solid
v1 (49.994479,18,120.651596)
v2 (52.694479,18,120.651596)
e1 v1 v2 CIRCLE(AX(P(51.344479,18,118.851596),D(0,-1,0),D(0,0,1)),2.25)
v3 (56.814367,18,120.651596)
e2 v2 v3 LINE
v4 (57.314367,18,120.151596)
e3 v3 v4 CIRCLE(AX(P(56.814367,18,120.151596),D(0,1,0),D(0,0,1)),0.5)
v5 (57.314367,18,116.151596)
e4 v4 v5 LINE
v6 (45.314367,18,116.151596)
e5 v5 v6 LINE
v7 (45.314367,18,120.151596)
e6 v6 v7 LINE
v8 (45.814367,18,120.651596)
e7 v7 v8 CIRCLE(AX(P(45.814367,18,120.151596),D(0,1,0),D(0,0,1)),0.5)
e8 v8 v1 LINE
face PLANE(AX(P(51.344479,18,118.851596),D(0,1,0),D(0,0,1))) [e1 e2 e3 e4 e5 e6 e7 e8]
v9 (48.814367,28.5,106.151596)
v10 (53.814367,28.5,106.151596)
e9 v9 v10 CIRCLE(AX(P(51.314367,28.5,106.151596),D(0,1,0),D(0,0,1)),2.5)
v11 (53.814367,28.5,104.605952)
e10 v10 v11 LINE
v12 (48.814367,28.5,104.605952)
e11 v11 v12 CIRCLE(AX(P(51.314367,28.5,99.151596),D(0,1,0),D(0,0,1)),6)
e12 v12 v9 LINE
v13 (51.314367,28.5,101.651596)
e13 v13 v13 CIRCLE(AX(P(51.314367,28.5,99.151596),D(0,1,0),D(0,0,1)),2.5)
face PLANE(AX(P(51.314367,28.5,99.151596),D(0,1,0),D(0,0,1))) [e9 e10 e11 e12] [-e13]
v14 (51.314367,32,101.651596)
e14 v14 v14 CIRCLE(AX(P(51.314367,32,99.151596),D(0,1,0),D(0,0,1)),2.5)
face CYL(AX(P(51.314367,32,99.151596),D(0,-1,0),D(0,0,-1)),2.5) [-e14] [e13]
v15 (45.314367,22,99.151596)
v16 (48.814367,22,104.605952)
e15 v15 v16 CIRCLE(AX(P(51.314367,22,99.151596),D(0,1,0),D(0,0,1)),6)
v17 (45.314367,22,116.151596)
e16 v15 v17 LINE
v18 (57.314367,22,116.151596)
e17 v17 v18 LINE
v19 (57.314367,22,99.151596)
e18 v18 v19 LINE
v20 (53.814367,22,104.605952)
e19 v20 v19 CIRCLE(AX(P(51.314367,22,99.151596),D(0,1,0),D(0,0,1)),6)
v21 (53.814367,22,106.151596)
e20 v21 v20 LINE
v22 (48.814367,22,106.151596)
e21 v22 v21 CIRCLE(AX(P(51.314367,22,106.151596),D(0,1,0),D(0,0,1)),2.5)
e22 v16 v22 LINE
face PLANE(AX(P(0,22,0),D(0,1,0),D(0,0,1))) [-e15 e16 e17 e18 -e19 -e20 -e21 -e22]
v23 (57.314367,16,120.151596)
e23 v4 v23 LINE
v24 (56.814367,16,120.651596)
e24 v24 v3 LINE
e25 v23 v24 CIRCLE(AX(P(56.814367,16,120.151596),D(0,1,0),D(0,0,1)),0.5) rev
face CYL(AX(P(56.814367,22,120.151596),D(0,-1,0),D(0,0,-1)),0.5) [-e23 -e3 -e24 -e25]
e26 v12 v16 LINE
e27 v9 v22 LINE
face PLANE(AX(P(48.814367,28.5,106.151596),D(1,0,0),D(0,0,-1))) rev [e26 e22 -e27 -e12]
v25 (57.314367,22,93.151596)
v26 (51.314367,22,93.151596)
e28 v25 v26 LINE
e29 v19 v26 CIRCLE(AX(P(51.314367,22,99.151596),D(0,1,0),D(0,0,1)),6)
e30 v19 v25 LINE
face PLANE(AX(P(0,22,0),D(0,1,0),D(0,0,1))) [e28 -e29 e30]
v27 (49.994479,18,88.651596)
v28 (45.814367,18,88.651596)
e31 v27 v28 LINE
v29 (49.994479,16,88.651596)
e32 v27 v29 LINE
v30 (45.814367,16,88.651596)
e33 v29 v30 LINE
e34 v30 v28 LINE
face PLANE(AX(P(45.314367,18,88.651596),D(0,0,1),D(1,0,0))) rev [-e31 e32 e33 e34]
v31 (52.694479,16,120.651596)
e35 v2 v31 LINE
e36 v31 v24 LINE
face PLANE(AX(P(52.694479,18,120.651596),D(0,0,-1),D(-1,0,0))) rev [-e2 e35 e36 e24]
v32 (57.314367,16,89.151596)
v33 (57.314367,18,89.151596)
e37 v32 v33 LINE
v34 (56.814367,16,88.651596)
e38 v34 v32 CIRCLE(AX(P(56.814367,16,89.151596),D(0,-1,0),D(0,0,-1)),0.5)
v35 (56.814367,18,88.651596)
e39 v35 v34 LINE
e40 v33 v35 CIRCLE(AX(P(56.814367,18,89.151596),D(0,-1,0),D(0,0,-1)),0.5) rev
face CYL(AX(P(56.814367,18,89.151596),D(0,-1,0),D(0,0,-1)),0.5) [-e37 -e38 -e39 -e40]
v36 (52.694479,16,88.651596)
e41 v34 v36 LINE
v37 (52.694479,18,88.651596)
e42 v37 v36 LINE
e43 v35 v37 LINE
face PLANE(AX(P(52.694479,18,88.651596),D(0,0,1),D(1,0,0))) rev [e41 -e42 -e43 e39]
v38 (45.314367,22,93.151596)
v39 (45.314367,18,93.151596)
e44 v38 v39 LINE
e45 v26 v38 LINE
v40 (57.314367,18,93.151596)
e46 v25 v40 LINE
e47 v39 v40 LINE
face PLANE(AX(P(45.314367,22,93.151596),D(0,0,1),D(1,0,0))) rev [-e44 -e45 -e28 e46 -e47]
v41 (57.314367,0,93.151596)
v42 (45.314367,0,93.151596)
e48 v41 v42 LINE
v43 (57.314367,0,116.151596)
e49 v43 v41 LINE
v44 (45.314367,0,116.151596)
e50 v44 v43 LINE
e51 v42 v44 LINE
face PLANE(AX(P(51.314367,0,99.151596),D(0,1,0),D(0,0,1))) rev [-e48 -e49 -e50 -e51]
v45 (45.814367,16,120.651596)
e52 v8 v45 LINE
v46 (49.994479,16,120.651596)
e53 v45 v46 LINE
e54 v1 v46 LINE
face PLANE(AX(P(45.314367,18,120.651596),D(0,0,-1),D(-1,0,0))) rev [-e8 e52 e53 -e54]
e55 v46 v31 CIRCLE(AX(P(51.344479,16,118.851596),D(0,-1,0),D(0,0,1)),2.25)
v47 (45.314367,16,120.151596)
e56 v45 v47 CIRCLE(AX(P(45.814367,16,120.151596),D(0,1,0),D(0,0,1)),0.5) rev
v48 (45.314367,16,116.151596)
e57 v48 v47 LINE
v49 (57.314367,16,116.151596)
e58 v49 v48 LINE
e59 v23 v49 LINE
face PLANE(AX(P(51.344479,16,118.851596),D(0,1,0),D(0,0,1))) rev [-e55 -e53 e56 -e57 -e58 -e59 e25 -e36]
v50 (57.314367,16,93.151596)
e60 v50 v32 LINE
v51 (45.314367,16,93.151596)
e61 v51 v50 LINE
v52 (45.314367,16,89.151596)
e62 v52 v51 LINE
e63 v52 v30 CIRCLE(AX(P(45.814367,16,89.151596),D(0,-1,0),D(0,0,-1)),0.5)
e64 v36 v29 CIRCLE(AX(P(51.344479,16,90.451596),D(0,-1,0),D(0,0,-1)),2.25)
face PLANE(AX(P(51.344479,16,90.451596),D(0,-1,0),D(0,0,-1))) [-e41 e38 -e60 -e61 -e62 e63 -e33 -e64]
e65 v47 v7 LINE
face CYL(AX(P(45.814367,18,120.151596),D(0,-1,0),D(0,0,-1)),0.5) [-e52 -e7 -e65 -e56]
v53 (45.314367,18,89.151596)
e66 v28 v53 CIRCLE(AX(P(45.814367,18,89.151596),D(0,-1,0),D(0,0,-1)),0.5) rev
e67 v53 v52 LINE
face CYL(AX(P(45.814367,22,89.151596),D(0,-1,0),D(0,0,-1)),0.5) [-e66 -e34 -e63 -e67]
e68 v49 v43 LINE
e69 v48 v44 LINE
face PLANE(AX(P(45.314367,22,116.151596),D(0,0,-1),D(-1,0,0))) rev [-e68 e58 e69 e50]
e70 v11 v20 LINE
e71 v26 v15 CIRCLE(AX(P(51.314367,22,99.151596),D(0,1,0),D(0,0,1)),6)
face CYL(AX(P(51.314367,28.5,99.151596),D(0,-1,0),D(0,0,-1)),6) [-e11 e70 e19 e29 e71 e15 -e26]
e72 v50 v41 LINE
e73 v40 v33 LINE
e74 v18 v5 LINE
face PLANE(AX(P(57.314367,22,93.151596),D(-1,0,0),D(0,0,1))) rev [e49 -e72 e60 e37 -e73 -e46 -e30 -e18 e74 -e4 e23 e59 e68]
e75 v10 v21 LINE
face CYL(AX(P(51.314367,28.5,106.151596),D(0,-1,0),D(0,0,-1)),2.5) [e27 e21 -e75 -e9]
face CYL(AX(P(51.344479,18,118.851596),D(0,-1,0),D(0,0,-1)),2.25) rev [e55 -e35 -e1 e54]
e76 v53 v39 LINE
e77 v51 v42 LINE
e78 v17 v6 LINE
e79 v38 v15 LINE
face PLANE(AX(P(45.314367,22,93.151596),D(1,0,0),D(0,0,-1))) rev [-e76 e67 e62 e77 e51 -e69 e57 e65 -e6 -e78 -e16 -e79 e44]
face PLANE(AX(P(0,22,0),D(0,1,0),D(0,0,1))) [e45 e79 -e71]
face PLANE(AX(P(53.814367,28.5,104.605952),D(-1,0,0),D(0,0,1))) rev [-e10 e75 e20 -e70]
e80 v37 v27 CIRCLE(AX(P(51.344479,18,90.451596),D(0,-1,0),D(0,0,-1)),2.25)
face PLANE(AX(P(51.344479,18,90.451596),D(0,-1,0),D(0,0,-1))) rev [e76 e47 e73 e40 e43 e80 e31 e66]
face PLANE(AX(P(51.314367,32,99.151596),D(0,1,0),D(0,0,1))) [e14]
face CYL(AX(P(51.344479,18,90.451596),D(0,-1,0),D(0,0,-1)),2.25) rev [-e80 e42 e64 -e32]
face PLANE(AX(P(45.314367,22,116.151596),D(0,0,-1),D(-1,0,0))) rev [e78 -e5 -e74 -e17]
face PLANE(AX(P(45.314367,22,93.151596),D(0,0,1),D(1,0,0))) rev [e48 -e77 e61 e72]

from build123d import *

# Parameters (mm, degrees)
SKETCH4_R           = 2.5
BOSS_EXTRUDE2_DEPTH = 32
BOSS_EXTRUDE3_DEPTH = 28.5
SKETCH1_W           = 12
SKETCH1_H           = 23
BOSS_EXTRUDE4_DEPTH = 22
BOSS_EXTRUDE6_DEPTH = 2
FILLET2_R           = 0.5


with BuildPart() as part:
    # Sketch4 → Boss-Extrude2 (new body)
    with BuildSketch(Plane(origin=(0, 0, 0), x_dir=(1, 0, 0), z_dir=(0, 1, 0))):
        with Locations((51.314367453, -99.151596437)):
            Circle(SKETCH4_R)
    extrude(amount=BOSS_EXTRUDE2_DEPTH)

    # Sketch3 → Boss-Extrude3 (add)
    with BuildSketch(Plane(origin=(0, 0, 0), x_dir=(1, 0, 0), z_dir=(0, 1, 0))):
        with BuildLine():
            Line((48.814367453, -106.151596437), (48.814367453, -104.605952495))
            ThreePointArc((48.814367453, -104.605952495), (51.314367453, -93.151596437), (53.814367453, -104.605952495))
            Line((53.814367453, -104.605952495), (53.814367453, -106.151596437))
            ThreePointArc((53.814367453, -106.151596437), (51.314367453, -108.651596437), (48.814367453, -106.151596437))
        make_face()
    extrude(amount=BOSS_EXTRUDE3_DEPTH)

    # Sketch1 → Boss-Extrude4 (add)
    with BuildSketch(Plane(origin=(0, 0, 0), x_dir=(1, 0, 0), z_dir=(0, 1, 0))):
        with Locations((51.314367453, -104.651596437)):
            Rectangle(SKETCH1_W, SKETCH1_H)
    extrude(amount=BOSS_EXTRUDE4_DEPTH)

    # Sketch7 → Boss-Extrude6 (add)
    with BuildSketch(Plane(origin=(0, 16, 0), x_dir=(1, 0, 0), z_dir=(0, 1, 0))):
        with BuildLine():
            Line((52.694479243, -120.651596437), (57.314367453, -120.651596437))
            Line((57.314367453, -120.651596437), (57.314367453, -116.151596437))
            Line((57.314367453, -116.151596437), (45.314367453, -116.151596437))
            Line((45.314367453, -116.151596437), (45.314367453, -120.651596437))
            Line((45.314367453, -120.651596437), (49.994479243, -120.651596437))
            ThreePointArc((49.994479243, -120.651596437), (51.344479243, -116.601596437), (52.694479243, -120.651596437))
        make_face()
        with BuildLine():
            Line((45.314367453, -93.151596437), (57.314367453, -93.151596437))
            Line((57.314367453, -93.151596437), (57.314367453, -88.651596437))
            Line((57.314367453, -88.651596437), (52.694479243, -88.651596437))
            ThreePointArc((52.694479243, -88.651596437), (51.344479243, -92.701596437), (49.994479243, -88.651596437))
            Line((49.994479243, -88.651596437), (45.314367453, -88.651596437))
            Line((45.314367453, -88.651596437), (45.314367453, -93.151596437))
        make_face()
    extrude(amount=BOSS_EXTRUDE6_DEPTH)

    # Fillet2
    fillet2_edges = [part.edges().sort_by_distance(p)[0] for p in [
        (45.314367453, 17, 120.651596437),
        (57.314367453, 17, 120.651596437),
        (45.314367453, 17, 88.651596437),
        (57.314367453, 17, 88.651596437),
    ]]
    fillet(fillet2_edges, radius=FILLET2_R)


solid = part.part
